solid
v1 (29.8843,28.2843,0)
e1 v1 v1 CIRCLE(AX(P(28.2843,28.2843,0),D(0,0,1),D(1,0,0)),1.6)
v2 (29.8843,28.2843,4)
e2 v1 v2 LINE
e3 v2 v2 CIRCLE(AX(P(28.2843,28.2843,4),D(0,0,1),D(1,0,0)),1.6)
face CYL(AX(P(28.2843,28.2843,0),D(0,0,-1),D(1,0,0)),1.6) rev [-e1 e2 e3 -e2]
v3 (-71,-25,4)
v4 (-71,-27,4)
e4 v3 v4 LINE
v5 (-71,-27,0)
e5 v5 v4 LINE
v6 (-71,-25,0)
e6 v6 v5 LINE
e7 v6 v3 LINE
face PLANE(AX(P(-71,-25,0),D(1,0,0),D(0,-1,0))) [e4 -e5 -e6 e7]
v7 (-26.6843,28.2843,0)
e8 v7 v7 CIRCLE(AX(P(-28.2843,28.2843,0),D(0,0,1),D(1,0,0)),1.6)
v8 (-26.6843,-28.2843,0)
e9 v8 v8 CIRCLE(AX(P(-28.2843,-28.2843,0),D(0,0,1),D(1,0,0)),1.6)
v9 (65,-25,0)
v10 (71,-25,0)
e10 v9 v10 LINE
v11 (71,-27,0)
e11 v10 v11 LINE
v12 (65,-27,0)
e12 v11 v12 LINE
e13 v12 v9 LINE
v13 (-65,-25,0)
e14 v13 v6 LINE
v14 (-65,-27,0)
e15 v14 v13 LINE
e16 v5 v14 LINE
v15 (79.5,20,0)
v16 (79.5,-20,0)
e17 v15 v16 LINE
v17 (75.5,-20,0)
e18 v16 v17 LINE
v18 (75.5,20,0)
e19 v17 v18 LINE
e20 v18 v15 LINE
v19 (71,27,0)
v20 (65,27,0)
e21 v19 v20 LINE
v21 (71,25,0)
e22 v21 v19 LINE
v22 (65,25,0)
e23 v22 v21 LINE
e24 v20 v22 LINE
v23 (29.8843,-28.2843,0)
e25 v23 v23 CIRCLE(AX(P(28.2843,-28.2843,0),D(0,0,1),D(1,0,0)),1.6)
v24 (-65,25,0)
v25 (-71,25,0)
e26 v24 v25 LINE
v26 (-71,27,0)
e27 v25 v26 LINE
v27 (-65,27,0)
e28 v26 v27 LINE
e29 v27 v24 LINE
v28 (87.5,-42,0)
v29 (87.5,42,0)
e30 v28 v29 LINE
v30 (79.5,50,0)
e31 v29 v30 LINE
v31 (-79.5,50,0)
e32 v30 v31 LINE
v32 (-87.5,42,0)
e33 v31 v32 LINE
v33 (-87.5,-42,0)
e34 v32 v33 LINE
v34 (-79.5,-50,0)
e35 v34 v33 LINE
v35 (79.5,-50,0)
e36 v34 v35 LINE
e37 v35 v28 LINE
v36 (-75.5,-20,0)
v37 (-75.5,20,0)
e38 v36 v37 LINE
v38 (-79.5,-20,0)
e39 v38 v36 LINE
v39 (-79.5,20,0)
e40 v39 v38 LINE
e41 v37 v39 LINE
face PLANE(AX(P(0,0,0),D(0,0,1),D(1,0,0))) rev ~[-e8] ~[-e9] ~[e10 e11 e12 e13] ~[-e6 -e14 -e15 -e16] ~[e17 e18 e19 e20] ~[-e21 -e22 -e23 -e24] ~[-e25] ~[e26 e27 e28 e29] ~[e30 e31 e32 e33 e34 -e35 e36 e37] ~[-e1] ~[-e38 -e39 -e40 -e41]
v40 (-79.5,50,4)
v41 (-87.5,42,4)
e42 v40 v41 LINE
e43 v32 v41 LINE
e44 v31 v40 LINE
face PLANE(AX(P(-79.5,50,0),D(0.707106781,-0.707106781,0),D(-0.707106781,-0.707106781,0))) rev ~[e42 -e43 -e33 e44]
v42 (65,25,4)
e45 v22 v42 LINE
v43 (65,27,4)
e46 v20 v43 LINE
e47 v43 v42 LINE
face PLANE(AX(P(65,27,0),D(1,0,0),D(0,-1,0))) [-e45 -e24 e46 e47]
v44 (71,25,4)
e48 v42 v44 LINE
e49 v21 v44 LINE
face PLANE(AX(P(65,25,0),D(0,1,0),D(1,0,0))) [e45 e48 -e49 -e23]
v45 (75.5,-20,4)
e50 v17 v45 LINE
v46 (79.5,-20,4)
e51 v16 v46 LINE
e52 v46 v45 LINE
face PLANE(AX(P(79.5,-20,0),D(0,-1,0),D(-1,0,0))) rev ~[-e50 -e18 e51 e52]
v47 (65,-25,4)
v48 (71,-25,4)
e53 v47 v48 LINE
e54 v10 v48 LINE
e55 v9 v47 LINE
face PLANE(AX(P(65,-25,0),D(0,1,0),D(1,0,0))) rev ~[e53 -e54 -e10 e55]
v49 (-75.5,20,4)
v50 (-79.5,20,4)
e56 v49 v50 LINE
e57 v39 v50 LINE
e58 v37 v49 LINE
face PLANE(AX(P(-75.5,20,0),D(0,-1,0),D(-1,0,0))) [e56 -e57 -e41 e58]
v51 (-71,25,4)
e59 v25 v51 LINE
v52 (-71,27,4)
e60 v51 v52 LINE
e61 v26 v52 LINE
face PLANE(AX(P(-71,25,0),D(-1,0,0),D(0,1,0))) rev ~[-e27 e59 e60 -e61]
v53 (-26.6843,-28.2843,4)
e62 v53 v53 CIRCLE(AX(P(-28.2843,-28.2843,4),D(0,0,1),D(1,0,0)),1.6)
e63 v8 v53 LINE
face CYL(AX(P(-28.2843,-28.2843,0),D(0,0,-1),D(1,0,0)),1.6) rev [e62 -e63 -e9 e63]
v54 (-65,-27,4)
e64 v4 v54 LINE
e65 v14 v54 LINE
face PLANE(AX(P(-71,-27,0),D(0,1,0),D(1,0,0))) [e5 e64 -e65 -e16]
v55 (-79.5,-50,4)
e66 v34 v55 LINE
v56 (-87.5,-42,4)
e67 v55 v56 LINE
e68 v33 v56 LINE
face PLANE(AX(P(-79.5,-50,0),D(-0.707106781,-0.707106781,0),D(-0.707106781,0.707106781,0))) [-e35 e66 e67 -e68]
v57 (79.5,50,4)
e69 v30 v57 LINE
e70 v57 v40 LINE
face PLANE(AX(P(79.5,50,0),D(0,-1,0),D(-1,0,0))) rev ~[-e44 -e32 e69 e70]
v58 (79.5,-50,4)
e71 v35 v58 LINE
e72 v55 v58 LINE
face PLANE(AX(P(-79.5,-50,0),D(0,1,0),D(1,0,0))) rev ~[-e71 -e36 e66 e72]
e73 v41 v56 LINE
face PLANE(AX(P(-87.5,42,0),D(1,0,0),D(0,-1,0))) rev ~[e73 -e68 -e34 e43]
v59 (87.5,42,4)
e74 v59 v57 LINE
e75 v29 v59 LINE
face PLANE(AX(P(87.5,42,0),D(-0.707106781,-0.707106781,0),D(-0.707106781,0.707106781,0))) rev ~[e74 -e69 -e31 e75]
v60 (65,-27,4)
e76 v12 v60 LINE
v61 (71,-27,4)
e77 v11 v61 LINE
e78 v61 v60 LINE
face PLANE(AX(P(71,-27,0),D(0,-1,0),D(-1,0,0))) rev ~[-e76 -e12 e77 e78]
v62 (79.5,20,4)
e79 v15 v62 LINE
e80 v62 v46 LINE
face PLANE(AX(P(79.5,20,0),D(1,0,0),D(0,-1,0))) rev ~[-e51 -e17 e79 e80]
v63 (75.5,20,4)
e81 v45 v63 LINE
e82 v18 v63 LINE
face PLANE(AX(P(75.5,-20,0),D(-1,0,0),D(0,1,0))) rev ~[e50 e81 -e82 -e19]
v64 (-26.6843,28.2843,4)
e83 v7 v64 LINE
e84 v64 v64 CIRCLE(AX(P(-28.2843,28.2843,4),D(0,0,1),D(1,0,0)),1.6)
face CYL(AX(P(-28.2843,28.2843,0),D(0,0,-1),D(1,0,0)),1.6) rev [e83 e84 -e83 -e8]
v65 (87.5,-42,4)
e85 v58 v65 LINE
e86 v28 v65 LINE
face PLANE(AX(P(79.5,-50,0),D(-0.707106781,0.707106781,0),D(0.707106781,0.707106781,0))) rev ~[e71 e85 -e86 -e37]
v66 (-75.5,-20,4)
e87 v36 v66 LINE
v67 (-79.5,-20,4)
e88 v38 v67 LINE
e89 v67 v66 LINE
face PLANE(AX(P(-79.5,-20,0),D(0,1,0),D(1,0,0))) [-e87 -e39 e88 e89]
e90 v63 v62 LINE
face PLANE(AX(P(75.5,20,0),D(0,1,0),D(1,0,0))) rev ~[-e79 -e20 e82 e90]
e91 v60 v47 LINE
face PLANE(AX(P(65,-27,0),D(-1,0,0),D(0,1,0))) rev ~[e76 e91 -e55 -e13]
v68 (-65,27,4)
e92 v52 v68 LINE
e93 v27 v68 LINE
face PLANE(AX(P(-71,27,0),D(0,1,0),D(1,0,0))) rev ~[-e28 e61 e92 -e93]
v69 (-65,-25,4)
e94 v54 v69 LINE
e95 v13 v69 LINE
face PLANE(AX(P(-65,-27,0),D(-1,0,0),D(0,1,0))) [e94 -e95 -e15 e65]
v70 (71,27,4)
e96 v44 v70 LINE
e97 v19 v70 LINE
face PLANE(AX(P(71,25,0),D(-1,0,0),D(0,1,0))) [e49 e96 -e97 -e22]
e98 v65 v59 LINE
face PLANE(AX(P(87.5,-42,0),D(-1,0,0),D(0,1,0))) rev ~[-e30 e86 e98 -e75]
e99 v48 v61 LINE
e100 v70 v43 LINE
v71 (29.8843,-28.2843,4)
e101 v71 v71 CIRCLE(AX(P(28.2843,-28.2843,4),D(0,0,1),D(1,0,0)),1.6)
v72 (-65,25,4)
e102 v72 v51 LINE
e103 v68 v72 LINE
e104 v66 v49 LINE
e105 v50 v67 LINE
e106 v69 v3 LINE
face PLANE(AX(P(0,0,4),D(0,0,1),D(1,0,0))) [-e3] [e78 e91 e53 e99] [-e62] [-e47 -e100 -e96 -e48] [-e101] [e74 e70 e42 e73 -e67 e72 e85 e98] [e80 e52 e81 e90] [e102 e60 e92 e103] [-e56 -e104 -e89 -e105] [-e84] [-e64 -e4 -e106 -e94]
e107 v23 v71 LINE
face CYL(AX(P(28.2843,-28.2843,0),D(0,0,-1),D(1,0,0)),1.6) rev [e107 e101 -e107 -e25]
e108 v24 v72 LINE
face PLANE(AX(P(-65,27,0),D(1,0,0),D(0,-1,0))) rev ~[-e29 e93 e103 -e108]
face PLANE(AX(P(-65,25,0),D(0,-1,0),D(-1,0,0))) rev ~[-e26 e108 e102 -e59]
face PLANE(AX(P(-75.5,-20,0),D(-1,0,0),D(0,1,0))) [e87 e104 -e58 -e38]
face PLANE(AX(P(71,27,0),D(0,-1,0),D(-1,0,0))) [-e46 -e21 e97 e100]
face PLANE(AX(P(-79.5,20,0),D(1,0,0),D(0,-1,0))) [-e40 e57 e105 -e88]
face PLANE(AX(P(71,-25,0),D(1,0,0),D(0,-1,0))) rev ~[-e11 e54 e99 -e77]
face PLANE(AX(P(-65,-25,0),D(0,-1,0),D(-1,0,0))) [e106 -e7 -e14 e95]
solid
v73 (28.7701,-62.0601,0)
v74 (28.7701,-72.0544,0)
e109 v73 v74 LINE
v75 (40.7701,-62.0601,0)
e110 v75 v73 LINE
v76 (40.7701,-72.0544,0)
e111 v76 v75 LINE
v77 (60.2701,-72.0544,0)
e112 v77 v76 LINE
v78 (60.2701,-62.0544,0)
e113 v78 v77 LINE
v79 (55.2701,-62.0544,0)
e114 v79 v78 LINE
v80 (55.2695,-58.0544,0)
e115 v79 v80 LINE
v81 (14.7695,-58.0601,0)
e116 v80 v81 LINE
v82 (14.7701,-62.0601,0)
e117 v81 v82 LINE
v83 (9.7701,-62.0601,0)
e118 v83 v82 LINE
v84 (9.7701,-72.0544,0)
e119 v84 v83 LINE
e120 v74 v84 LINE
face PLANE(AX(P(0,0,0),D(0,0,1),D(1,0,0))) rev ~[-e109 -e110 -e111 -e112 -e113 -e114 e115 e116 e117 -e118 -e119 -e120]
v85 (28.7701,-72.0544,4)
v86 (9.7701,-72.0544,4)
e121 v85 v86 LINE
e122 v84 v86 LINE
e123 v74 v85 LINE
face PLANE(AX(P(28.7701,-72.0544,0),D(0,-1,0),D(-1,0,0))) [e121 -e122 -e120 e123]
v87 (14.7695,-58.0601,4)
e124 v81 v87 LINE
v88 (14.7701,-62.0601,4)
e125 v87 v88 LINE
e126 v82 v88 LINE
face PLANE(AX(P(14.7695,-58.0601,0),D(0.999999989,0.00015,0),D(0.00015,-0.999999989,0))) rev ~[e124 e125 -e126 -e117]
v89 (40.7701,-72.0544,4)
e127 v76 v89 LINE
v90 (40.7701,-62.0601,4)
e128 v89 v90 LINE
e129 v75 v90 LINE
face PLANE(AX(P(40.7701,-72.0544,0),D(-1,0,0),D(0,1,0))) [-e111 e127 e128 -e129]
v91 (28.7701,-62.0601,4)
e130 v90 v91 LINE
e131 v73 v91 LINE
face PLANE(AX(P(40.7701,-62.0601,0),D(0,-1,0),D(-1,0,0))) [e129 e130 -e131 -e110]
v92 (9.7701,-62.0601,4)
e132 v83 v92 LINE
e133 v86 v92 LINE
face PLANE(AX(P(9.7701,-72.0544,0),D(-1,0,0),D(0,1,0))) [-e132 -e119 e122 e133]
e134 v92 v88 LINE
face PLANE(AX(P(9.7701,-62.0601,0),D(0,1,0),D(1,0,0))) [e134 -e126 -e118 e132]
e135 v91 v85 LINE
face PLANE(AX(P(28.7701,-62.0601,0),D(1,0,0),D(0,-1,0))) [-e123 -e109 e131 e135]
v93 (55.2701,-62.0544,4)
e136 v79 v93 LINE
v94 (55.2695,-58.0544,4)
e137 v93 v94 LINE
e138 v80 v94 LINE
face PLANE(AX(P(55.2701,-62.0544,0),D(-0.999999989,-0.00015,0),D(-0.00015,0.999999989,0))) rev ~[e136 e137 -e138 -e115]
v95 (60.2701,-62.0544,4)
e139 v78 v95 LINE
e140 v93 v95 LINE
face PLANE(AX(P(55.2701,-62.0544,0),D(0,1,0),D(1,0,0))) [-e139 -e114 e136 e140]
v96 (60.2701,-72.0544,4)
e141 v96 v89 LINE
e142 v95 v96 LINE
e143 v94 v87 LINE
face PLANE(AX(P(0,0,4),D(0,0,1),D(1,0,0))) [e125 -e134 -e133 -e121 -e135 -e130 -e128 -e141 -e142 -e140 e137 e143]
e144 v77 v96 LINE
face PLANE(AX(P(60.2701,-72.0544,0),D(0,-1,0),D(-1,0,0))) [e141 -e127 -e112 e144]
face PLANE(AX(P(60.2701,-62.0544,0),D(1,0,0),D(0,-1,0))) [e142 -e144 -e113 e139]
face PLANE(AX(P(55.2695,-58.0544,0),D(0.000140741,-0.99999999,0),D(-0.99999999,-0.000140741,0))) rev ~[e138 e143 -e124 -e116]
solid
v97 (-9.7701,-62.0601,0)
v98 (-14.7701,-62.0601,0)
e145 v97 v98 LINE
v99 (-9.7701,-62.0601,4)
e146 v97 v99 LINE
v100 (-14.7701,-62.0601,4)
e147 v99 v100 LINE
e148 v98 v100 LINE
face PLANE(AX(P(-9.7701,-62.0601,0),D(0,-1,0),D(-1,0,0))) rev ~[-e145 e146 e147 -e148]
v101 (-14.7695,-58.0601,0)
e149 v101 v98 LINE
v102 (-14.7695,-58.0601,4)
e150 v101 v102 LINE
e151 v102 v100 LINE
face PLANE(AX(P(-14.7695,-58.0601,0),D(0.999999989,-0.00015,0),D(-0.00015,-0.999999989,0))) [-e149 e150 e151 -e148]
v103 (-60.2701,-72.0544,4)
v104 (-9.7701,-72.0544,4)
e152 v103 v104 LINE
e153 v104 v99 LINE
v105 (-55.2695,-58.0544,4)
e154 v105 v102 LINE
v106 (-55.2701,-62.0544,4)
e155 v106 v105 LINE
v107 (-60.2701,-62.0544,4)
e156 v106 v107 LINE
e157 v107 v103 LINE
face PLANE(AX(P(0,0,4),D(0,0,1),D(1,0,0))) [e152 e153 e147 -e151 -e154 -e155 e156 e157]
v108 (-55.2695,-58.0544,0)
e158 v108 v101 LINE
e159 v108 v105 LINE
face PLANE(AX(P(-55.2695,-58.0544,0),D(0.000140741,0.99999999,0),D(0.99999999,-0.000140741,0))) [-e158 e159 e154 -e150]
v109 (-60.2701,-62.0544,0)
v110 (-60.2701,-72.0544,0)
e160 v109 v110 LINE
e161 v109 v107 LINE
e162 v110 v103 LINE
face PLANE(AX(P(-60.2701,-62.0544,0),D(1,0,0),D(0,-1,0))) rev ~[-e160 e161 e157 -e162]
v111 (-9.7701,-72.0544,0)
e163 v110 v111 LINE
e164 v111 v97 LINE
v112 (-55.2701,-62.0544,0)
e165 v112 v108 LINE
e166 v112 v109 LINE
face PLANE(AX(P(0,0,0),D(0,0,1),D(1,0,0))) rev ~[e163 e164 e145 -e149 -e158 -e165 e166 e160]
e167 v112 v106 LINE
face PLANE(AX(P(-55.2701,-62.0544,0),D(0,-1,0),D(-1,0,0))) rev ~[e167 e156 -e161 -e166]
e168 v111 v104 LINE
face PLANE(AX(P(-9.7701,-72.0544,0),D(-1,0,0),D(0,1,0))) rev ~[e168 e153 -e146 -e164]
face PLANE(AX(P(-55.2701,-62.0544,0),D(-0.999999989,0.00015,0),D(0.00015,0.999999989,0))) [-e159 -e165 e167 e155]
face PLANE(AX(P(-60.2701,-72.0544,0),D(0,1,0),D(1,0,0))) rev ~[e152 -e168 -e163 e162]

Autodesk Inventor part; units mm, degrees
ref_plane "YZ Plane" through (0, 0, 0) normal (1, 0, 0) x (0, 1, 0)
ref_plane "XZ Plane" through (0, 0, 0) normal (0, 1, 0) x (-1, 0, 0)
ref_plane "XY Plane" through (0, 0, 0) normal (0, 0, 1) x (1, 0, 0)
sketch "Sketch1" plane through (0, 0, 0) normal (0, 0, 1) x (1, 0, 0)
  line L0 (-79.5, -50) -> (79.5, -50)
  line L1 (87.5, -42) -> (87.5, 42)
  line L2 (79.5, 50) -> (-79.5, 50)
  line L3 (-87.5, 42) -> (-87.5, -42)
  line L4 (0, 1.1499) -> (0, -1.1499)
  line L5 (1.5253, 0) -> (-2.0225, 0)
  line L6 (-79.5, -20) -> (-75.5, -20)
  line L7 (-75.5, -20) -> (-75.5, 20)
  line L8 (-75.5, 20) -> (-79.5, 20)
  line L9 (-79.5, 20) -> (-79.5, -20)
  line L10 (79.5, -20) -> (75.5, -20)
  line L11 (75.5, -20) -> (75.5, 20)
  line L12 (75.5, 20) -> (79.5, 20)
  line L13 (79.5, 20) -> (79.5, -20)
  line L14 (-9.7701, -72.0544) -> (-9.7701, -62.0601)
  line L15 (-9.7701, -62.0601) -> (-14.7701, -62.0601)
  line L16 (-60.2701, -62.0544) -> (-60.2701, -72.0544)
  line L17 (-60.2701, -72.0544) -> (-9.7701, -72.0544)
  line L18 (-55.2695, -58.0544) -> (-14.7695, -58.0601)
  line L19 (-14.7695, -58.0601) -> (-14.7701, -62.0601)
  line L20 (-55.2701, -62.0544) -> (-60.2701, -62.0544)
  line L21 (-55.2701, -62.0544) -> (-55.2695, -58.0544)
  circle A0 centre (-28.2843, -28.2843) radius 1.6
  circle A1 centre (28.2843, -28.2843) radius 1.6
  circle A2 centre (28.2843, 28.2843) radius 1.6
  circle A3 centre (-28.2843, 28.2843) radius 1.6
  line L22 (0, 0) -> (3.5355, -3.5355)
  line L23 (0, 0) -> (5, 0) construction
  line L24 (9.7701, -72.0544) -> (9.7701, -62.0601)
  line L25 (9.7701, -62.0601) -> (14.7701, -62.0601)
  line L26 (60.2701, -62.0544) -> (60.2701, -72.0544)
  line L27 (60.2701, -72.0544) -> (40.7701, -72.0544)
  line L28 (55.2695, -58.0544) -> (14.7695, -58.0601)
  line L29 (14.7695, -58.0601) -> (14.7701, -62.0601)
  line L30 (55.2701, -62.0544) -> (60.2701, -62.0544)
  line L31 (55.2701, -62.0544) -> (55.2695, -58.0544)
  line L32 (40.7701, -62.0601) -> (28.7701, -62.0601)
  line L33 (28.7701, -62.0601) -> (28.7701, -72.0544)
  line L34 (28.7701, -72.0544) -> (9.7701, -72.0544)
  line L35 (40.7701, -72.0544) -> (40.7701, -62.0601)
  line L36 (-71, 27) -> (-65, 27)
  line L37 (-65, 27) -> (-65, 25)
  line L38 (-65, 25) -> (-71, 25)
  line L39 (-71, 25) -> (-71, 27)
  line L40 (71, 27) -> (65, 27)
  line L41 (65, 27) -> (65, 25)
  line L42 (65, 25) -> (71, 25)
  line L43 (71, 25) -> (71, 27)
  line L44 (-71, -27) -> (-65, -27)
  line L45 (-65, -27) -> (-65, -25)
  line L46 (-65, -25) -> (-71, -25)
  line L47 (-71, -25) -> (-71, -27)
  line L48 (65, -27) -> (65, -25)
  line L49 (71, -27) -> (65, -27)
  line L50 (71, -25) -> (71, -27)
  line L51 (65, -25) -> (71, -25)
  line L52 (-79.5, 50) -> (-87.5, 42)
  line L53 (-79.5, -50) -> (-87.5, -42)
  line L54 (79.5, -50) -> (87.5, -42)
  line L55 (87.5, 42) -> (79.5, 50)
  point P0 (-87.5, -50)
  point P1 (87.5, 50)
  point P2 (87.5, -50)
  point P3 (-87.5, 50)
  dimension "d0" = 100
  dimension "d1" = 175
  dimension "d2" = 151
  dimension "d3" = 40
  dimension "d4" = 4
  dimension "d6" = 5
  dimension "d7" = 10
  dimension "d8" = 3.2
  dimension "d11" = 360
  dimension "d14" = 4
  dimension "d16" = 45
  dimension "d17" = 40
  dimension "d18" = 50.5
  dimension "d19" = 5
  dimension "d20" = 4
  dimension "d24" = 6
  dimension "d25" = 2
  dimension "d26" = 25
  dimension "d27" = 65
  dimension "d30" = 8
  dimension "d31" = 8
  dimension "d32" = 8
  dimension "d33" = 8
  dimension "d34" = 8
  dimension "d35" = 8
  dimension "d36" = 8
  dimension "d37" = 8
  dimension "d38" = 12
  dimension "d39" = 19
extrude "Extrusion1" add sketch "Sketch1" along normal blind 4
equation "\"d14\" = d4"
equation "\"d31\" = d30"
equation "\"d32\" = d30"
equation "\"d33\" = d32"
equation "\"d34\" = d30"
equation "\"d35\" = d34"
equation "\"d36\" = d30"
equation "\"d37\" = d36"
properties part number "mount - developer"
